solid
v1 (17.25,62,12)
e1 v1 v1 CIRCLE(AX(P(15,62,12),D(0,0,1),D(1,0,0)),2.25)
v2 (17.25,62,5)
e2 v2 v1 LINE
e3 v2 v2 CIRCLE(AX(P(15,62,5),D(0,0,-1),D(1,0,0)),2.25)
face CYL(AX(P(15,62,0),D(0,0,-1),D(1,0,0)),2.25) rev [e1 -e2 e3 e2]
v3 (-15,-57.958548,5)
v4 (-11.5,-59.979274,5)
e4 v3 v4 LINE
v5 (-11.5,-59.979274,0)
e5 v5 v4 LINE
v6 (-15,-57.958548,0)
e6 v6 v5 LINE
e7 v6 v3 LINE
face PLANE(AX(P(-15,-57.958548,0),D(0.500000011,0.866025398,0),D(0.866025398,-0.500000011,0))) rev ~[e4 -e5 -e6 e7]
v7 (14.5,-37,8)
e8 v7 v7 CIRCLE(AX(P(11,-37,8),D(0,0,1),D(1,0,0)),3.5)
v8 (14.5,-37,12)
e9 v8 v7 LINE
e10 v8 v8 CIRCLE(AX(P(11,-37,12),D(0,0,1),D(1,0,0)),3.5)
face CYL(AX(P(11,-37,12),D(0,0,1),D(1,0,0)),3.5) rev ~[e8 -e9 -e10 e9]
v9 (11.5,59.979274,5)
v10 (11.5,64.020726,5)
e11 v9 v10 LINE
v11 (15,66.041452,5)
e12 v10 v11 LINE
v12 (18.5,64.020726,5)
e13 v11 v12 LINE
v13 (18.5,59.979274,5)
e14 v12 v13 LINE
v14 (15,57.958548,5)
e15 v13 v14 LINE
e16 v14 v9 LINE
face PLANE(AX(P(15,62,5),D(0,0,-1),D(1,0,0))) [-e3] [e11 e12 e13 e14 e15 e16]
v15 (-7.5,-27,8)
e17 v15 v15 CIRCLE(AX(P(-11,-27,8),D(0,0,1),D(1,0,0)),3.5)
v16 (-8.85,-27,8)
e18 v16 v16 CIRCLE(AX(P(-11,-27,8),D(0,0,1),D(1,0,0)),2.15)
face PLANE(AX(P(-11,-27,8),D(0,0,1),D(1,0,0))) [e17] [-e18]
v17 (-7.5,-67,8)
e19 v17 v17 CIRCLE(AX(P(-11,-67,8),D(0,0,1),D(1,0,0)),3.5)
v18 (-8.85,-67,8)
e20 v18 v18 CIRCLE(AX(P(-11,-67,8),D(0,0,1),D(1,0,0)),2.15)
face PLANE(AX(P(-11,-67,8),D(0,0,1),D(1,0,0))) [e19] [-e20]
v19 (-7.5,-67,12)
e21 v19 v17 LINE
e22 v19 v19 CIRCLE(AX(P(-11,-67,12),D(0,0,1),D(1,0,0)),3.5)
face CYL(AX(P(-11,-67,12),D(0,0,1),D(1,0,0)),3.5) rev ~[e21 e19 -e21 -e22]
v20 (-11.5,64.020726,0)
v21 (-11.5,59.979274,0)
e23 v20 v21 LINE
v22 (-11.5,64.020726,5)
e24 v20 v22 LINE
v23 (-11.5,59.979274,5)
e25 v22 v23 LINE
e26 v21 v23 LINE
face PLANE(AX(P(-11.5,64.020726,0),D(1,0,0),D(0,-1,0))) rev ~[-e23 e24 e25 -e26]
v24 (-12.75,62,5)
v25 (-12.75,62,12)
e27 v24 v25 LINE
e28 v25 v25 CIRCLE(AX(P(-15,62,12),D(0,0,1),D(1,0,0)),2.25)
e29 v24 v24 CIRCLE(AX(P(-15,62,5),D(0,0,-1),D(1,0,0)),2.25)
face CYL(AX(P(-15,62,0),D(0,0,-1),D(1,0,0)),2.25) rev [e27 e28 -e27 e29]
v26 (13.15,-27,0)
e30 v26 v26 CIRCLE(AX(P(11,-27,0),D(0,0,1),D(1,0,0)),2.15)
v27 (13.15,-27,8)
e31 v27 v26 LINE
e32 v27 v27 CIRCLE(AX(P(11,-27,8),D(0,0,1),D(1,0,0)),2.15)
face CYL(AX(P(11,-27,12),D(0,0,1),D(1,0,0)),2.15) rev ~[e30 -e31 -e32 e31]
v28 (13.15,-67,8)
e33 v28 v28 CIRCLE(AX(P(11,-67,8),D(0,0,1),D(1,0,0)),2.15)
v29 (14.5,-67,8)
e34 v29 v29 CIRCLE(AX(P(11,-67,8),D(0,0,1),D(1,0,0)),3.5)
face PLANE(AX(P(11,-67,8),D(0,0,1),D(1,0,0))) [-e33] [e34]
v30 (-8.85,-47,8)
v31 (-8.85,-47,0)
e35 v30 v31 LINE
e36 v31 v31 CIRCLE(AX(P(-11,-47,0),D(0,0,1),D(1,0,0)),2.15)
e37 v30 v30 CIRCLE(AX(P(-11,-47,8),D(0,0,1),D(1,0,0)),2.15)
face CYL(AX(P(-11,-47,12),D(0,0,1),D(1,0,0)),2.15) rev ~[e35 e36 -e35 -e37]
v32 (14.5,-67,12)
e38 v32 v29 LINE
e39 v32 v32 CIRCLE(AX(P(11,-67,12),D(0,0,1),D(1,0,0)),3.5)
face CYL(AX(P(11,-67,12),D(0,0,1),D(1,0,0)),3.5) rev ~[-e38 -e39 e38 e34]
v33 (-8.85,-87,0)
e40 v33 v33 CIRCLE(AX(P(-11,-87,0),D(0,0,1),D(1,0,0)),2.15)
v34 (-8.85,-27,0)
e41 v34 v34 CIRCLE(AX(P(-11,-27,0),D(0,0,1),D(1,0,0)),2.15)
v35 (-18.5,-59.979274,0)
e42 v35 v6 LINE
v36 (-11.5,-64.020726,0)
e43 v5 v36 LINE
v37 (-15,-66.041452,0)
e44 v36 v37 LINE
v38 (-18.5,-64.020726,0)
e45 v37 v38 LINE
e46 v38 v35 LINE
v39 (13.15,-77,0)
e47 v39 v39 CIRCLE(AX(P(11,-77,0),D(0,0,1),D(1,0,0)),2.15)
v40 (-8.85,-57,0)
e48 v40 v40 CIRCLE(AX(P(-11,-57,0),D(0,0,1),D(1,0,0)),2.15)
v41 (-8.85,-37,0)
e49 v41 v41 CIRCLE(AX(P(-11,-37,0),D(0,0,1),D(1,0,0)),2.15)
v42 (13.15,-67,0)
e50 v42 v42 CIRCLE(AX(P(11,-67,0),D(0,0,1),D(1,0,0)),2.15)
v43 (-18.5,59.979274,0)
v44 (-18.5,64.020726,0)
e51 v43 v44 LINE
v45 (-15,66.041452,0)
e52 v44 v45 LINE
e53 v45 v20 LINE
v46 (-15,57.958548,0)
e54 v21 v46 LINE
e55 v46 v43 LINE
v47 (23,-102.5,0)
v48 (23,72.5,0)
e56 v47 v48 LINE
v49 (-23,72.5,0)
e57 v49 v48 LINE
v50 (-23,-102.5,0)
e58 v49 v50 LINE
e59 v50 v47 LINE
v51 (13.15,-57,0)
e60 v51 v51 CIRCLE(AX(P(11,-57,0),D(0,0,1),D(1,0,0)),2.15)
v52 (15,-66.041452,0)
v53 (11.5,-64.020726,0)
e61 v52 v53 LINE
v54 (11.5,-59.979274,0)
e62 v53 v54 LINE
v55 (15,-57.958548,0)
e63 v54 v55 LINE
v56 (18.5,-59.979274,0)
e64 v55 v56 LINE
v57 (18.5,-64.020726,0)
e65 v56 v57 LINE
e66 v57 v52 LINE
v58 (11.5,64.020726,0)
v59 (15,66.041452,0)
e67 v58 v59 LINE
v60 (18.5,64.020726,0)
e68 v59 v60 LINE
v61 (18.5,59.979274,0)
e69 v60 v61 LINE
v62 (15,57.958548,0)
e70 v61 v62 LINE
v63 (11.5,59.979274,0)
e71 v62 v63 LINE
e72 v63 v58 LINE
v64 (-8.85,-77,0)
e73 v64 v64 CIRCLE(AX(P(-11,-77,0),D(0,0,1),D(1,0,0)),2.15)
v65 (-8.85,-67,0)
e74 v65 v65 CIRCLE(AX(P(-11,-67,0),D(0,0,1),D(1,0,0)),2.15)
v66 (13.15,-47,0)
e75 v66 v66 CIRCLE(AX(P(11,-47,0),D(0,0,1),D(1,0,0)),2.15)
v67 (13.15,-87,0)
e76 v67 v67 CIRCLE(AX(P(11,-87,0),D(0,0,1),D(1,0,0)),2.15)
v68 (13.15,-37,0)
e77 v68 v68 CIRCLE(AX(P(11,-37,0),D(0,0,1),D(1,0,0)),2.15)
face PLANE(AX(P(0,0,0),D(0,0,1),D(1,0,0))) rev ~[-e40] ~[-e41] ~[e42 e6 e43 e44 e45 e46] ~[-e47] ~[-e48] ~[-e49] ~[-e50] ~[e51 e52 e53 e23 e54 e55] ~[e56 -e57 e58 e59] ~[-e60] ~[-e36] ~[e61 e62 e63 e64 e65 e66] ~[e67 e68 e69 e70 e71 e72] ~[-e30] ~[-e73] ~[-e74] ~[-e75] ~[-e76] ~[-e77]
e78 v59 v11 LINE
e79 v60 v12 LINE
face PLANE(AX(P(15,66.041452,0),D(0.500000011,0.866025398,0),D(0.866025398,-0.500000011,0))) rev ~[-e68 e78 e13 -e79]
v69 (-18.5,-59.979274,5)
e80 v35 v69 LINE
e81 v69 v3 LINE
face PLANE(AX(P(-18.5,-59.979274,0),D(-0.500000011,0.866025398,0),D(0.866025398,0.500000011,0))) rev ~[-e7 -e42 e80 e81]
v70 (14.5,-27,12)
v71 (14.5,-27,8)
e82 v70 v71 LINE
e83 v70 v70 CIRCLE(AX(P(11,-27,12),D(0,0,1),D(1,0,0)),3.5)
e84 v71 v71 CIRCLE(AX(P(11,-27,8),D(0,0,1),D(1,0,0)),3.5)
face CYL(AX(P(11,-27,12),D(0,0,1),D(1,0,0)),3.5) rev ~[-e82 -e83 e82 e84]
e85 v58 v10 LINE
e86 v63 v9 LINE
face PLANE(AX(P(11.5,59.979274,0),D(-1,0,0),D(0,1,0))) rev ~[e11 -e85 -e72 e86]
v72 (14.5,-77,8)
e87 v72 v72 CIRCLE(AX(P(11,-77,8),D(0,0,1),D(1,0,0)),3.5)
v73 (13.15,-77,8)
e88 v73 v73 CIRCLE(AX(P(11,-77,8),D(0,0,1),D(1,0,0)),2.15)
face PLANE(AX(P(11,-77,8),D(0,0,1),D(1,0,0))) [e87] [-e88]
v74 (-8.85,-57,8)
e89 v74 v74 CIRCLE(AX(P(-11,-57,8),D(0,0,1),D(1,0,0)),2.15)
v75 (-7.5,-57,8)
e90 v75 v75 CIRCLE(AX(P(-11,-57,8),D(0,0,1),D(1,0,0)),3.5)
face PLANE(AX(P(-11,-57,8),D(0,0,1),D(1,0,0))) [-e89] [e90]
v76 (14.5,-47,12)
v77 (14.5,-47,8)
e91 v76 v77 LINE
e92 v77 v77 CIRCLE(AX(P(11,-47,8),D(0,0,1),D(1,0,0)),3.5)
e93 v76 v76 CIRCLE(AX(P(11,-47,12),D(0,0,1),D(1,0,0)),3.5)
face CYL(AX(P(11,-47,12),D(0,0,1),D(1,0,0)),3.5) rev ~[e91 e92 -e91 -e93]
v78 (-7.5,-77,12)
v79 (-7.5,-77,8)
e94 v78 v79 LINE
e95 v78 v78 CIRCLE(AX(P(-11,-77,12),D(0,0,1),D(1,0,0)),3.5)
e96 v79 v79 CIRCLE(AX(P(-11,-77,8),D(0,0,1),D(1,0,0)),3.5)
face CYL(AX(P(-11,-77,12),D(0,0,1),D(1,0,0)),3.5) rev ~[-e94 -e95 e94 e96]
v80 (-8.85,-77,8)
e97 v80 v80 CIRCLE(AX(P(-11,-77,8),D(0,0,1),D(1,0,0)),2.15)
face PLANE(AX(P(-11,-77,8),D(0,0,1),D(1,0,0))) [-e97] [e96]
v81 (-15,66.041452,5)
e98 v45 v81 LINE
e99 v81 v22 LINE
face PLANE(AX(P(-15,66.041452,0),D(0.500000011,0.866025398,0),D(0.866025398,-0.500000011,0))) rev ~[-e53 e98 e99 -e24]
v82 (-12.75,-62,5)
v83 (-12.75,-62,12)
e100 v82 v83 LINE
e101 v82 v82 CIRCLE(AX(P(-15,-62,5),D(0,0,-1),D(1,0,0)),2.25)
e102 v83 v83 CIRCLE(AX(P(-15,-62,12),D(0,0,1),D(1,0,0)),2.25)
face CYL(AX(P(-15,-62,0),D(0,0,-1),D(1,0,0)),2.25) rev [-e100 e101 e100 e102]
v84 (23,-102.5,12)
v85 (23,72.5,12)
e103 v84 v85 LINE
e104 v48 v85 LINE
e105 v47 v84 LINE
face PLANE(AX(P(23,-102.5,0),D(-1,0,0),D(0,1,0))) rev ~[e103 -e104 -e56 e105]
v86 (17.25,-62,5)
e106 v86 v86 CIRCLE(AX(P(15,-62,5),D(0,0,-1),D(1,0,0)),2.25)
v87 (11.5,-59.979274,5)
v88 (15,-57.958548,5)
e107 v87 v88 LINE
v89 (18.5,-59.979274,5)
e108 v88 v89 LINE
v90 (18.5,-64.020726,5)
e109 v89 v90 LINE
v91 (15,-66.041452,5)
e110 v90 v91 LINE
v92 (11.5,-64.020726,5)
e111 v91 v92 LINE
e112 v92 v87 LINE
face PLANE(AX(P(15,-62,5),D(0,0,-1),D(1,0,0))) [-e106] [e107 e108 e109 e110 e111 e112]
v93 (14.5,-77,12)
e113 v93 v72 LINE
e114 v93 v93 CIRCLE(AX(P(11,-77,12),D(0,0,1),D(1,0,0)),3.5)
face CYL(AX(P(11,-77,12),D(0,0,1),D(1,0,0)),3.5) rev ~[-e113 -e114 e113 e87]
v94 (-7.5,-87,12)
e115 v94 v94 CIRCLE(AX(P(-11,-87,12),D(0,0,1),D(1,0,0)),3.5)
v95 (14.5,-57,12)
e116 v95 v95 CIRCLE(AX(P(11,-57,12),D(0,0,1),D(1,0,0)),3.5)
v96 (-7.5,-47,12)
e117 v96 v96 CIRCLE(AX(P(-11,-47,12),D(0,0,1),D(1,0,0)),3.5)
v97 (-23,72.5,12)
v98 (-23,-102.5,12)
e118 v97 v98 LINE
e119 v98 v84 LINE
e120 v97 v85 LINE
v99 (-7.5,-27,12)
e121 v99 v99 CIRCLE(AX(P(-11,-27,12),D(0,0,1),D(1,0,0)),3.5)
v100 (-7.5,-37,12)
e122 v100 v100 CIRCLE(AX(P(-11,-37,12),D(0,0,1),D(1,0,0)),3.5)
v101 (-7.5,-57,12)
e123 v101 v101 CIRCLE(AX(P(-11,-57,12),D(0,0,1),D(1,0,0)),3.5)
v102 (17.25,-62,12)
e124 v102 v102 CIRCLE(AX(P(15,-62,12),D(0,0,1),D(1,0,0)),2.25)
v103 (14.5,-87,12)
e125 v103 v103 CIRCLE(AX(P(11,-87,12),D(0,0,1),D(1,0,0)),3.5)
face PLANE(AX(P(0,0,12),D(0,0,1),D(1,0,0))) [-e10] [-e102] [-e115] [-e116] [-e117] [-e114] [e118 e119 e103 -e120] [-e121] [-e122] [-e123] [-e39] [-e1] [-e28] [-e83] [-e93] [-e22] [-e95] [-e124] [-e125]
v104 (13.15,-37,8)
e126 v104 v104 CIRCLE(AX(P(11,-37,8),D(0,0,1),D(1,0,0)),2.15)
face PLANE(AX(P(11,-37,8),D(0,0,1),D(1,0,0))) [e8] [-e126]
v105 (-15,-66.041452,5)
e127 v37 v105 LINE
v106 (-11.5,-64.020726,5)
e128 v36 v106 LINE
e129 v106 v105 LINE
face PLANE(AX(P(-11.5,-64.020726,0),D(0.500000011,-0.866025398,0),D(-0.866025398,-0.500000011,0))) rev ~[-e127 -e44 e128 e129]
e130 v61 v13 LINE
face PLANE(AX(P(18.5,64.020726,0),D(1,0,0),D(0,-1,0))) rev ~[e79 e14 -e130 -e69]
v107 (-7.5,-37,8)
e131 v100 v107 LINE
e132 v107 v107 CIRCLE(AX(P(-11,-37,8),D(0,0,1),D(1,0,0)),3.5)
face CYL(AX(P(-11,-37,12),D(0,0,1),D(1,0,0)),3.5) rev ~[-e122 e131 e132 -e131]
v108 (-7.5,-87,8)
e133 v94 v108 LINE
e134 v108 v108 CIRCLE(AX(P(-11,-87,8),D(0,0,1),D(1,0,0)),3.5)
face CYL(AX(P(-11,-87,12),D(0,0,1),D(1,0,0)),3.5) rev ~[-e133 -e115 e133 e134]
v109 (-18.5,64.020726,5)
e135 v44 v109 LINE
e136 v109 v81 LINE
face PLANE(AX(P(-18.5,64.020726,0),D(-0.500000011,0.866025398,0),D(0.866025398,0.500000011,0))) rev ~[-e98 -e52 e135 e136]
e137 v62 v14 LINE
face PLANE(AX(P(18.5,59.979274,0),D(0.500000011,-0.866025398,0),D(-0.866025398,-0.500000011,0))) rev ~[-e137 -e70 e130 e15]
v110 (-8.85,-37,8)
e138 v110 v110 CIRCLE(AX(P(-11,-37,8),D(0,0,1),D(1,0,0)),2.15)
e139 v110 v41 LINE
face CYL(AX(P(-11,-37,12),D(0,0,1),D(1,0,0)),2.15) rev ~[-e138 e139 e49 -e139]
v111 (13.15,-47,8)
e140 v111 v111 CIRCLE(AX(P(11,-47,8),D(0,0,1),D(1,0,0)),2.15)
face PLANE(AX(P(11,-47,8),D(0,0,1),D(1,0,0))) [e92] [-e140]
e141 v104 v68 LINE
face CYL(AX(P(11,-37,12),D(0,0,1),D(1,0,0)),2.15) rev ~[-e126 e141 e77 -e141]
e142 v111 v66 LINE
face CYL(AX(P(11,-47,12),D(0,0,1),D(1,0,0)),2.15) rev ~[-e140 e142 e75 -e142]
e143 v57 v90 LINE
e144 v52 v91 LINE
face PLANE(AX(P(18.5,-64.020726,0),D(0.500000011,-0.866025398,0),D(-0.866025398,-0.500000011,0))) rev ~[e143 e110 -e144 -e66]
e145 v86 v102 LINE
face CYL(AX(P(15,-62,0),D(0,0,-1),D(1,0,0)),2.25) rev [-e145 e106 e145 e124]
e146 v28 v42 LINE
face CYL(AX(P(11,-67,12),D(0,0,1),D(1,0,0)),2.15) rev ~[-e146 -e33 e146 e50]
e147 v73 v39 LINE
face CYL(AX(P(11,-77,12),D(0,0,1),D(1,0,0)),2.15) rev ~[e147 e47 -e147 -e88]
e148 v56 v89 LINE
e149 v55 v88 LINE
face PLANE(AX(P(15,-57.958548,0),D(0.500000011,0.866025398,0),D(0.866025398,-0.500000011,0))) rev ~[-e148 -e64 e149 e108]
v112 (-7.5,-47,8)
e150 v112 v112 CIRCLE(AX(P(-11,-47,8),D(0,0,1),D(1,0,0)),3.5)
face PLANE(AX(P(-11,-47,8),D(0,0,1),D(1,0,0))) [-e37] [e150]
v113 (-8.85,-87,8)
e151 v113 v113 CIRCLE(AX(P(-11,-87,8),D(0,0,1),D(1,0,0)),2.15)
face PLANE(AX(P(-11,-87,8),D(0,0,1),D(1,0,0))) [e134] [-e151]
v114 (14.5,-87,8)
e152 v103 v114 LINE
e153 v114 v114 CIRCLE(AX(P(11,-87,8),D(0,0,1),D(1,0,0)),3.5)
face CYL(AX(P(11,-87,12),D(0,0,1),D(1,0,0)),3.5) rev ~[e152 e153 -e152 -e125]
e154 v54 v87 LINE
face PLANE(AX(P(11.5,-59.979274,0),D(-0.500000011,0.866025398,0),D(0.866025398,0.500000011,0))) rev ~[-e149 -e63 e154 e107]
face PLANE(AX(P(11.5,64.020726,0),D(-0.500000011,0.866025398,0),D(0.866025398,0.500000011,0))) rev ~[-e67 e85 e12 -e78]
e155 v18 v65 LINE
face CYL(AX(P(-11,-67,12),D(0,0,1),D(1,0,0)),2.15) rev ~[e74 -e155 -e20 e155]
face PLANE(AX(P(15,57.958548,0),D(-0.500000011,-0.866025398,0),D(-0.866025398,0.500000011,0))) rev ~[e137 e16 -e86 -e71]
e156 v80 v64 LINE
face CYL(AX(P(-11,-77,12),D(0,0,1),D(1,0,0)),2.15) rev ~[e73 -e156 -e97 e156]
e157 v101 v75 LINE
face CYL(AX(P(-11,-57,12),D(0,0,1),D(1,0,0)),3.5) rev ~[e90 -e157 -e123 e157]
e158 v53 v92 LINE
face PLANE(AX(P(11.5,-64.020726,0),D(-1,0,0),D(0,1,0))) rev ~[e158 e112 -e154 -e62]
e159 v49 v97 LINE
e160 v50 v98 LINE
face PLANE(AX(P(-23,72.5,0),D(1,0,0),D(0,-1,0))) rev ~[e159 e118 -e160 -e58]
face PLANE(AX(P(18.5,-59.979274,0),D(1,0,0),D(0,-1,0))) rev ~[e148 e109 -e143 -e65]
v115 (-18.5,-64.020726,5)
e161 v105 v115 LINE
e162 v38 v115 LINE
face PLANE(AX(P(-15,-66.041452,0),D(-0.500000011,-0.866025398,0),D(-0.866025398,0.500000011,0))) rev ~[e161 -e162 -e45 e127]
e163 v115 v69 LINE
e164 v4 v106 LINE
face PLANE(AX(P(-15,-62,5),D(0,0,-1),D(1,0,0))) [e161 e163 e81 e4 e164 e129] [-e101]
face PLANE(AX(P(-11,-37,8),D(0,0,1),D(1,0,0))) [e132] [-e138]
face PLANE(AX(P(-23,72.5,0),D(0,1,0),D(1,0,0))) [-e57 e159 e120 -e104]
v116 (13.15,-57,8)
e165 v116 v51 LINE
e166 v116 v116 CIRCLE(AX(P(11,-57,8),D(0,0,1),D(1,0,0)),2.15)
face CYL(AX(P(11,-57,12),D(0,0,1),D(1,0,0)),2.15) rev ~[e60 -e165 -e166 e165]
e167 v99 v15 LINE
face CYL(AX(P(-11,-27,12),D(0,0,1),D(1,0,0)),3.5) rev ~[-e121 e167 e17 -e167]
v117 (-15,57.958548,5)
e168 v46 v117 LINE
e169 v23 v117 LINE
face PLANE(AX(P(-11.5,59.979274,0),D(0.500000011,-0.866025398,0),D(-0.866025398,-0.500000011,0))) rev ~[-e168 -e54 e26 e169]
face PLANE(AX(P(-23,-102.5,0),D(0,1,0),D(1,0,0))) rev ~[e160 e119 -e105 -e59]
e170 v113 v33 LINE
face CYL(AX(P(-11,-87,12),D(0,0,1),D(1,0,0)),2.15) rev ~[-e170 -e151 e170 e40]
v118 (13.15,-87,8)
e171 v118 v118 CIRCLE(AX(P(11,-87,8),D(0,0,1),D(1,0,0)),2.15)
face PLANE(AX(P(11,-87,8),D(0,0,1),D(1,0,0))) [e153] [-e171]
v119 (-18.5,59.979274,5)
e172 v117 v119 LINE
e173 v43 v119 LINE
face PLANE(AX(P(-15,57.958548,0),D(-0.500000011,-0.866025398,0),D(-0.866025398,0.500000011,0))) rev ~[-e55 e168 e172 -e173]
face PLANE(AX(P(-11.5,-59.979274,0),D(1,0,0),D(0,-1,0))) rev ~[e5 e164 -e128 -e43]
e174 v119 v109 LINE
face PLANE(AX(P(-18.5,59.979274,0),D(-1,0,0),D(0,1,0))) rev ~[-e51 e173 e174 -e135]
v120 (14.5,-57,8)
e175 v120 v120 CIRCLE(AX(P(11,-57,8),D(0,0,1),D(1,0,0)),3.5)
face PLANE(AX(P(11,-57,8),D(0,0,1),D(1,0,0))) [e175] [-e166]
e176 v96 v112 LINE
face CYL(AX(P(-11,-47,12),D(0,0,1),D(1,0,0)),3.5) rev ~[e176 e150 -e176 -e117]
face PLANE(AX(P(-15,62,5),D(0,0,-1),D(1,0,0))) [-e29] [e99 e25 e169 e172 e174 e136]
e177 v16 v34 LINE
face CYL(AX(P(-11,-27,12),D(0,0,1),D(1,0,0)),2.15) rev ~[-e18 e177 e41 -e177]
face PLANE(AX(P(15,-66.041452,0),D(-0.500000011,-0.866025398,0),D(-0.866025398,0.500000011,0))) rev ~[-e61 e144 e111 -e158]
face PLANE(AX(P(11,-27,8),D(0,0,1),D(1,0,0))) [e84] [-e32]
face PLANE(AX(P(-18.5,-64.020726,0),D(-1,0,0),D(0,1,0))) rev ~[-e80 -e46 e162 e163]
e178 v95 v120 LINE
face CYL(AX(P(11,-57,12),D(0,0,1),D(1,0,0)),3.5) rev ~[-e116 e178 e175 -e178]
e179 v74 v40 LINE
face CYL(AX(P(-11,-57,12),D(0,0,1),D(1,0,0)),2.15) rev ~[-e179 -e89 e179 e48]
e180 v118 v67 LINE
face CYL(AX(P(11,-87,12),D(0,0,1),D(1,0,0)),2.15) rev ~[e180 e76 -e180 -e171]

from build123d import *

# Parameters (mm, degrees)
F0_W     = 46
F0_H     = 145
F0_R     = 2.25
F0_H_2   = 30
F1_DEPTH = 12
F3_DEPTH = 5
F4_R     = 2.15
F5_DEPTH = 25
F6_R     = 3.5
F7_DEPTH = 4
F8_R     = 3.5
F9_DEPTH = 4


with BuildPart() as f1:
    # F0 (on Top) → F1 (new body)
    with BuildSketch(Plane.XY):
        Rectangle(F0_W, F0_H)
        with Locations((-15, -62)):
            Circle(F0_R, mode=Mode.SUBTRACT)
        with Locations((15, -62)):
            Circle(F0_R, mode=Mode.SUBTRACT)
        with Locations((-15, 62)):
            Circle(F0_R, mode=Mode.SUBTRACT)
        with Locations((15, 62)):
            Circle(F0_R, mode=Mode.SUBTRACT)
        with Locations((0, -87.5)):
            Rectangle(F0_W, F0_H_2)
    extrude(amount=F1_DEPTH)

    # F2 (on face) → F3 (cut)
    with BuildSketch(Plane(origin=(0, 0, 0), x_dir=(1, 0, 0), z_dir=(0, 0, -1))):
        Polygon((11.5, -59.979274), (11.5, -64.020726), (15, -66.041452), (18.5, -64.020726), (18.5, -59.979274), (15, -57.958548), align=None)
        Polygon((18.5, 59.979274), (18.5, 64.020726), (15, 66.041452), (11.5, 64.020726), (11.5, 59.979274), (15, 57.958548), align=None)
        Polygon((-11.5, -64.020726), (-11.5, -59.979274), (-15, -57.958548), (-18.5, -59.979274), (-18.5, -64.020726), (-15, -66.041452), align=None)
        Polygon((-11.5, 59.979274), (-11.5, 64.020726), (-15, 66.041452), (-18.5, 64.020726), (-18.5, 59.979274), (-15, 57.958548), align=None)
    extrude(amount=-F3_DEPTH, mode=Mode.SUBTRACT)

    # F4 (on face) → F5 (cut)
    with BuildSketch(Plane.XY.offset(12)):
        with Locations((11, -67)):
            Circle(F4_R)
        with Locations((11, -57)):
            Circle(F4_R)
        with Locations((11, -47)):
            Circle(F4_R)
        with Locations((11, -37)):
            Circle(F4_R)
        with Locations((-11, -67)):
            Circle(F4_R)
        with Locations((-11, -57)):
            Circle(F4_R)
        with Locations((-11, -47)):
            Circle(F4_R)
        with Locations((-11, -37)):
            Circle(F4_R)
        with Locations((11, -27)):
            Circle(F4_R)
        with Locations((-11, -27)):
            Circle(F4_R)
        with Locations((11, -77)):
            Circle(F4_R)
        with Locations((11, -87)):
            Circle(F4_R)
        with Locations((-11, -77)):
            Circle(F4_R)
        with Locations((-11, -87)):
            Circle(F4_R)
    extrude(amount=-F5_DEPTH, mode=Mode.SUBTRACT)

    # F6 (on face) → F7 (cut)
    with BuildSketch(Plane.XY.offset(12)):
        with Locations((11, -67)):
            Circle(F6_R)
        with Locations((11, -57)):
            Circle(F6_R)
        with Locations((11, -47)):
            Circle(F6_R)
        with Locations((11, -37)):
            Circle(F6_R)
        with Locations((11, -27)):
            Circle(F6_R)
        with Locations((-11, -67)):
            Circle(F6_R)
        with Locations((-11, -57)):
            Circle(F6_R)
        with Locations((-11, -47)):
            Circle(F6_R)
        with Locations((-11, -37)):
            Circle(F6_R)
        with Locations((-11, -27)):
            Circle(F6_R)
    extrude(amount=-F7_DEPTH, mode=Mode.SUBTRACT)

    # F8 (on face) → F9 (cut)
    with BuildSketch(Plane.XY.offset(12)):
        with Locations((-11, -77)):
            Circle(F8_R)
        with Locations((-11, -87)):
            Circle(F8_R)
        with Locations((11, -77)):
            Circle(F8_R)
        with Locations((11, -87)):
            Circle(F8_R)
    extrude(amount=-F9_DEPTH, mode=Mode.SUBTRACT)


solid = f1.part
